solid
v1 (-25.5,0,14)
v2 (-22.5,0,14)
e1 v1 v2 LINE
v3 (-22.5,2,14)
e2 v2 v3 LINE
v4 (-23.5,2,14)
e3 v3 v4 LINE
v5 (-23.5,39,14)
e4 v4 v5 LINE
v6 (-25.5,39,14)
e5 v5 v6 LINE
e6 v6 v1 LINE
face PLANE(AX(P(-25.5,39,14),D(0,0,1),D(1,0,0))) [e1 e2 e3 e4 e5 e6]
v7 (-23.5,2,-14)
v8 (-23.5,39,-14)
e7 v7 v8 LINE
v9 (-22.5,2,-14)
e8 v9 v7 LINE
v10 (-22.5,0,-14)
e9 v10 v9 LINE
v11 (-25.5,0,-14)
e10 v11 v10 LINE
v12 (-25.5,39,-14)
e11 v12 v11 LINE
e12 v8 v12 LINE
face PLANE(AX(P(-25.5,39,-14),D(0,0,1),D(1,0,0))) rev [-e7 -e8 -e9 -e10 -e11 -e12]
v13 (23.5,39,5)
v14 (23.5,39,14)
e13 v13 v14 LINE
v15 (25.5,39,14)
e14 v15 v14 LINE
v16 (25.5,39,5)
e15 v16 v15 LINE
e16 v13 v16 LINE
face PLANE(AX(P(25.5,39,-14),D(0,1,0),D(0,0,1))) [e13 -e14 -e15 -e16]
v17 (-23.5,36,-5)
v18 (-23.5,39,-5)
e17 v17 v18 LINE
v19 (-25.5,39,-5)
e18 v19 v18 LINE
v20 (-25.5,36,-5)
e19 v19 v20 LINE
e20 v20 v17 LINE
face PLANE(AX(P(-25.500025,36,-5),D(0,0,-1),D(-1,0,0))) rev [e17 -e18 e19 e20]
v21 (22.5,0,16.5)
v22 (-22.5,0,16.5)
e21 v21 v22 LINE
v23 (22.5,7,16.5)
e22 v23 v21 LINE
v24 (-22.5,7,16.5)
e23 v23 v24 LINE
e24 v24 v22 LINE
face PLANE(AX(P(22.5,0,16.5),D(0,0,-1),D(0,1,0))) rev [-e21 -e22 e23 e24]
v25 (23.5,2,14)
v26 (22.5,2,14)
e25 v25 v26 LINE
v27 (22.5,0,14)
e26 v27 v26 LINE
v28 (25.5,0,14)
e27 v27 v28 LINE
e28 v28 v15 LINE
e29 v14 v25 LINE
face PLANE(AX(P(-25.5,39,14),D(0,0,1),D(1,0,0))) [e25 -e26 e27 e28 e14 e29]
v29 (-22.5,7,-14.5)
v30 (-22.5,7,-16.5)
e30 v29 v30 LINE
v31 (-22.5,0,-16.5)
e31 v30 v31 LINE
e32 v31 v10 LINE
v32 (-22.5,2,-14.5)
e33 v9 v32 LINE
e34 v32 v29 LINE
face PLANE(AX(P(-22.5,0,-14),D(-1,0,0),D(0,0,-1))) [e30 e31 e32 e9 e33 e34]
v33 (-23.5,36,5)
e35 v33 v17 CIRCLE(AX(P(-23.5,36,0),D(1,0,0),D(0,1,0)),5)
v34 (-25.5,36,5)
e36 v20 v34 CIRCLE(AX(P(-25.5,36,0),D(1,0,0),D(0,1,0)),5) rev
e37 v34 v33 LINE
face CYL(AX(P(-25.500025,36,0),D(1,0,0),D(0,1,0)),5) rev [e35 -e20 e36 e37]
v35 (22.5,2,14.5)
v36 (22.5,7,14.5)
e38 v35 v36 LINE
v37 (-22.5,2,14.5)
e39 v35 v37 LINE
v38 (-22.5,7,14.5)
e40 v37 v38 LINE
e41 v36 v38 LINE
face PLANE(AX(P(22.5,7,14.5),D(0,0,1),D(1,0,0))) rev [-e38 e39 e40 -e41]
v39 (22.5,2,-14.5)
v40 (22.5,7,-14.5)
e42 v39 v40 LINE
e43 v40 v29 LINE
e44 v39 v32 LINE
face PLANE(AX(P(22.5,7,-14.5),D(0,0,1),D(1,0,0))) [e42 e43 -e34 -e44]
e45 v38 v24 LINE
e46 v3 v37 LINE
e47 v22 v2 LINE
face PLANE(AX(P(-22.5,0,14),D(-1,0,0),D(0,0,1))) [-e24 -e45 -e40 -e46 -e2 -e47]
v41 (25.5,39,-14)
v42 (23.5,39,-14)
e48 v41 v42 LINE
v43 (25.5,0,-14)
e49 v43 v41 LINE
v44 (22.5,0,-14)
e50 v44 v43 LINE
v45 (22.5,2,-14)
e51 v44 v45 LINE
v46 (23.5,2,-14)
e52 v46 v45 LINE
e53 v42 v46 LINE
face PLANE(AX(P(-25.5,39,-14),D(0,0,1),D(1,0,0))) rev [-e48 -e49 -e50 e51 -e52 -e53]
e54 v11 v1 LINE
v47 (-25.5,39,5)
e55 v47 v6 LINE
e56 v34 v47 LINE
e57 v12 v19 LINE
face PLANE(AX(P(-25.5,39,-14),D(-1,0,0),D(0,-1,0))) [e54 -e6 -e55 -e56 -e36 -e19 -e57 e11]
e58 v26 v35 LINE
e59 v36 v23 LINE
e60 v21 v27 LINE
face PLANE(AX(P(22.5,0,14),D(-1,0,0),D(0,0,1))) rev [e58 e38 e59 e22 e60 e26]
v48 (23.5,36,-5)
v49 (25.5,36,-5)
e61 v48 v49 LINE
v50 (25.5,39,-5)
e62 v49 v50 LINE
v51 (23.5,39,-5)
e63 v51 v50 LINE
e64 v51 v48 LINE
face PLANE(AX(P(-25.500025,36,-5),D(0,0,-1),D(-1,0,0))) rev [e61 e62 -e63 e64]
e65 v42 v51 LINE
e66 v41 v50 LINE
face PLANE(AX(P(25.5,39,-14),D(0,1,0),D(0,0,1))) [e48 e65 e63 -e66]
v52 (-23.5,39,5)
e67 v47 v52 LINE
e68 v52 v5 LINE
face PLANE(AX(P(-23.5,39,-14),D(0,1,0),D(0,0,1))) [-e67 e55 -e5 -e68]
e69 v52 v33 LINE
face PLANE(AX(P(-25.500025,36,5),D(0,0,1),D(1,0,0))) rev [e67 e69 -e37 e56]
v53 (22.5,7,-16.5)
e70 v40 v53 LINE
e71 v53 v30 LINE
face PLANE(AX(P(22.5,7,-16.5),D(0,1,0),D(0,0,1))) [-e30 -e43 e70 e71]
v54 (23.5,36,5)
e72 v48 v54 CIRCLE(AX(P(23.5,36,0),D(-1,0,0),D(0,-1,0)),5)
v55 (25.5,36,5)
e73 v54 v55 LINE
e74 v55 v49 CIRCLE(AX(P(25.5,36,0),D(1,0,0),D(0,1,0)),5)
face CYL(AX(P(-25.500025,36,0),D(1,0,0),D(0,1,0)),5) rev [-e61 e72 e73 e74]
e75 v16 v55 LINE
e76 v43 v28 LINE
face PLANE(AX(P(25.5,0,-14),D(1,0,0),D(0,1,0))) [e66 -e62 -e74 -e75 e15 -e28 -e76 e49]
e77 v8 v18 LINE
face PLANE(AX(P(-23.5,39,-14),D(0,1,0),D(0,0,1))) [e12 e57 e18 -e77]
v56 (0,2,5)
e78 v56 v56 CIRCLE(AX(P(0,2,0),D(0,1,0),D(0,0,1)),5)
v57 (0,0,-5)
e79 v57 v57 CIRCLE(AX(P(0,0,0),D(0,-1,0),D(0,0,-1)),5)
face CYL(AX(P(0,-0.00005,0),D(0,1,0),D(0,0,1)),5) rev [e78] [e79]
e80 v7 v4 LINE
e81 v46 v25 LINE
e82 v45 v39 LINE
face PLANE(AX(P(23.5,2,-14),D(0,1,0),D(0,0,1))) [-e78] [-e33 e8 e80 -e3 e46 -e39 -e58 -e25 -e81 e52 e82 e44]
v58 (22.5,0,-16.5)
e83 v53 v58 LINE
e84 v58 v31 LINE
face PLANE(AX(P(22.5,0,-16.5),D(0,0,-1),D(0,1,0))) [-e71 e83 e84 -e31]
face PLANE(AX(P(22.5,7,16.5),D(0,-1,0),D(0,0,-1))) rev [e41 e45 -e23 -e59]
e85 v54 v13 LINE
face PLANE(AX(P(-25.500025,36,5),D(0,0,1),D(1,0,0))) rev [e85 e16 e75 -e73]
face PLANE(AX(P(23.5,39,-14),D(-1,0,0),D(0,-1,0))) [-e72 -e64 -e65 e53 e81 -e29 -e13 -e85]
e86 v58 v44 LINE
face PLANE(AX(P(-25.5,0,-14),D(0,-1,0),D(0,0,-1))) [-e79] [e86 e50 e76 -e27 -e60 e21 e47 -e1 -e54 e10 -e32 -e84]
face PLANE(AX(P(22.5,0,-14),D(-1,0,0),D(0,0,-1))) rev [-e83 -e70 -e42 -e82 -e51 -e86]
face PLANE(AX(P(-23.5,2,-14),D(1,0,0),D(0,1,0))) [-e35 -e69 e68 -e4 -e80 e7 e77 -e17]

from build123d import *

# Parameters (mm, degrees)
BOSS_EXTRUDE1_DEPTH = 14
BOSS_EXTRUDE2_DEPTH = 22.5
CUT_EXTRUDE1_DEPTH  = 67.289139382
SKETCH4_R           = 5
CUT_EXTRUDE2_DEPTH  = 48.86961458


with BuildPart() as part:
    # Sketch1 → Boss-Extrude1 (new, symmetric)
    with BuildSketch(Plane.XY):
        Polygon((-25.5, 39), (-25.5, 0), (25.5, 0), (25.5, 39), (23.5, 39), (23.5, 2), (-23.5, 2), (-23.5, 39), align=None)
    extrude(amount=BOSS_EXTRUDE1_DEPTH, both=True)

    # Sketch2 → Boss-Extrude2 (add, symmetric)
    with BuildSketch(Plane(origin=(0, 0, 0), x_dir=(0, 0, -1), z_dir=(1, 0, 0))):
        Polygon((-14, 0), (-16.5, 0), (-16.5, 7), (-14.5, 7), (-14.5, 2), (-14, 2), align=None)
    boss_extrude2 = extrude(amount=BOSS_EXTRUDE2_DEPTH, both=True)

    # Mirror1: Boss-Extrude2 across plane
    add(boss_extrude2.mirror(Plane.XY))

    # Sketch3 → Cut-Extrude1 (cut, through all)
    with BuildSketch(Plane(origin=(25.5, 0, 0), x_dir=(0, 0, -1), z_dir=(1, 0, 0))):
        with BuildLine():
            Line((-5, 36), (-5, 39))
            Line((-5, 39), (5, 39))
            Line((5, 39), (5, 36))
            ThreePointArc((5, 36), (0, 31), (-5, 36))
        make_face()
    extrude(amount=-CUT_EXTRUDE1_DEPTH, mode=Mode.SUBTRACT)

    # Sketch4 → Cut-Extrude2 (cut, through all)
    with BuildSketch(Plane(origin=(0, 2, 0), x_dir=(1, 0, 0), z_dir=(0, 1, 0))):
        with Locations(Location((0, 0, 0), (0, 0, 270))):
            Circle(SKETCH4_R)
    extrude(amount=-CUT_EXTRUDE2_DEPTH, mode=Mode.SUBTRACT)


solid = part.part
